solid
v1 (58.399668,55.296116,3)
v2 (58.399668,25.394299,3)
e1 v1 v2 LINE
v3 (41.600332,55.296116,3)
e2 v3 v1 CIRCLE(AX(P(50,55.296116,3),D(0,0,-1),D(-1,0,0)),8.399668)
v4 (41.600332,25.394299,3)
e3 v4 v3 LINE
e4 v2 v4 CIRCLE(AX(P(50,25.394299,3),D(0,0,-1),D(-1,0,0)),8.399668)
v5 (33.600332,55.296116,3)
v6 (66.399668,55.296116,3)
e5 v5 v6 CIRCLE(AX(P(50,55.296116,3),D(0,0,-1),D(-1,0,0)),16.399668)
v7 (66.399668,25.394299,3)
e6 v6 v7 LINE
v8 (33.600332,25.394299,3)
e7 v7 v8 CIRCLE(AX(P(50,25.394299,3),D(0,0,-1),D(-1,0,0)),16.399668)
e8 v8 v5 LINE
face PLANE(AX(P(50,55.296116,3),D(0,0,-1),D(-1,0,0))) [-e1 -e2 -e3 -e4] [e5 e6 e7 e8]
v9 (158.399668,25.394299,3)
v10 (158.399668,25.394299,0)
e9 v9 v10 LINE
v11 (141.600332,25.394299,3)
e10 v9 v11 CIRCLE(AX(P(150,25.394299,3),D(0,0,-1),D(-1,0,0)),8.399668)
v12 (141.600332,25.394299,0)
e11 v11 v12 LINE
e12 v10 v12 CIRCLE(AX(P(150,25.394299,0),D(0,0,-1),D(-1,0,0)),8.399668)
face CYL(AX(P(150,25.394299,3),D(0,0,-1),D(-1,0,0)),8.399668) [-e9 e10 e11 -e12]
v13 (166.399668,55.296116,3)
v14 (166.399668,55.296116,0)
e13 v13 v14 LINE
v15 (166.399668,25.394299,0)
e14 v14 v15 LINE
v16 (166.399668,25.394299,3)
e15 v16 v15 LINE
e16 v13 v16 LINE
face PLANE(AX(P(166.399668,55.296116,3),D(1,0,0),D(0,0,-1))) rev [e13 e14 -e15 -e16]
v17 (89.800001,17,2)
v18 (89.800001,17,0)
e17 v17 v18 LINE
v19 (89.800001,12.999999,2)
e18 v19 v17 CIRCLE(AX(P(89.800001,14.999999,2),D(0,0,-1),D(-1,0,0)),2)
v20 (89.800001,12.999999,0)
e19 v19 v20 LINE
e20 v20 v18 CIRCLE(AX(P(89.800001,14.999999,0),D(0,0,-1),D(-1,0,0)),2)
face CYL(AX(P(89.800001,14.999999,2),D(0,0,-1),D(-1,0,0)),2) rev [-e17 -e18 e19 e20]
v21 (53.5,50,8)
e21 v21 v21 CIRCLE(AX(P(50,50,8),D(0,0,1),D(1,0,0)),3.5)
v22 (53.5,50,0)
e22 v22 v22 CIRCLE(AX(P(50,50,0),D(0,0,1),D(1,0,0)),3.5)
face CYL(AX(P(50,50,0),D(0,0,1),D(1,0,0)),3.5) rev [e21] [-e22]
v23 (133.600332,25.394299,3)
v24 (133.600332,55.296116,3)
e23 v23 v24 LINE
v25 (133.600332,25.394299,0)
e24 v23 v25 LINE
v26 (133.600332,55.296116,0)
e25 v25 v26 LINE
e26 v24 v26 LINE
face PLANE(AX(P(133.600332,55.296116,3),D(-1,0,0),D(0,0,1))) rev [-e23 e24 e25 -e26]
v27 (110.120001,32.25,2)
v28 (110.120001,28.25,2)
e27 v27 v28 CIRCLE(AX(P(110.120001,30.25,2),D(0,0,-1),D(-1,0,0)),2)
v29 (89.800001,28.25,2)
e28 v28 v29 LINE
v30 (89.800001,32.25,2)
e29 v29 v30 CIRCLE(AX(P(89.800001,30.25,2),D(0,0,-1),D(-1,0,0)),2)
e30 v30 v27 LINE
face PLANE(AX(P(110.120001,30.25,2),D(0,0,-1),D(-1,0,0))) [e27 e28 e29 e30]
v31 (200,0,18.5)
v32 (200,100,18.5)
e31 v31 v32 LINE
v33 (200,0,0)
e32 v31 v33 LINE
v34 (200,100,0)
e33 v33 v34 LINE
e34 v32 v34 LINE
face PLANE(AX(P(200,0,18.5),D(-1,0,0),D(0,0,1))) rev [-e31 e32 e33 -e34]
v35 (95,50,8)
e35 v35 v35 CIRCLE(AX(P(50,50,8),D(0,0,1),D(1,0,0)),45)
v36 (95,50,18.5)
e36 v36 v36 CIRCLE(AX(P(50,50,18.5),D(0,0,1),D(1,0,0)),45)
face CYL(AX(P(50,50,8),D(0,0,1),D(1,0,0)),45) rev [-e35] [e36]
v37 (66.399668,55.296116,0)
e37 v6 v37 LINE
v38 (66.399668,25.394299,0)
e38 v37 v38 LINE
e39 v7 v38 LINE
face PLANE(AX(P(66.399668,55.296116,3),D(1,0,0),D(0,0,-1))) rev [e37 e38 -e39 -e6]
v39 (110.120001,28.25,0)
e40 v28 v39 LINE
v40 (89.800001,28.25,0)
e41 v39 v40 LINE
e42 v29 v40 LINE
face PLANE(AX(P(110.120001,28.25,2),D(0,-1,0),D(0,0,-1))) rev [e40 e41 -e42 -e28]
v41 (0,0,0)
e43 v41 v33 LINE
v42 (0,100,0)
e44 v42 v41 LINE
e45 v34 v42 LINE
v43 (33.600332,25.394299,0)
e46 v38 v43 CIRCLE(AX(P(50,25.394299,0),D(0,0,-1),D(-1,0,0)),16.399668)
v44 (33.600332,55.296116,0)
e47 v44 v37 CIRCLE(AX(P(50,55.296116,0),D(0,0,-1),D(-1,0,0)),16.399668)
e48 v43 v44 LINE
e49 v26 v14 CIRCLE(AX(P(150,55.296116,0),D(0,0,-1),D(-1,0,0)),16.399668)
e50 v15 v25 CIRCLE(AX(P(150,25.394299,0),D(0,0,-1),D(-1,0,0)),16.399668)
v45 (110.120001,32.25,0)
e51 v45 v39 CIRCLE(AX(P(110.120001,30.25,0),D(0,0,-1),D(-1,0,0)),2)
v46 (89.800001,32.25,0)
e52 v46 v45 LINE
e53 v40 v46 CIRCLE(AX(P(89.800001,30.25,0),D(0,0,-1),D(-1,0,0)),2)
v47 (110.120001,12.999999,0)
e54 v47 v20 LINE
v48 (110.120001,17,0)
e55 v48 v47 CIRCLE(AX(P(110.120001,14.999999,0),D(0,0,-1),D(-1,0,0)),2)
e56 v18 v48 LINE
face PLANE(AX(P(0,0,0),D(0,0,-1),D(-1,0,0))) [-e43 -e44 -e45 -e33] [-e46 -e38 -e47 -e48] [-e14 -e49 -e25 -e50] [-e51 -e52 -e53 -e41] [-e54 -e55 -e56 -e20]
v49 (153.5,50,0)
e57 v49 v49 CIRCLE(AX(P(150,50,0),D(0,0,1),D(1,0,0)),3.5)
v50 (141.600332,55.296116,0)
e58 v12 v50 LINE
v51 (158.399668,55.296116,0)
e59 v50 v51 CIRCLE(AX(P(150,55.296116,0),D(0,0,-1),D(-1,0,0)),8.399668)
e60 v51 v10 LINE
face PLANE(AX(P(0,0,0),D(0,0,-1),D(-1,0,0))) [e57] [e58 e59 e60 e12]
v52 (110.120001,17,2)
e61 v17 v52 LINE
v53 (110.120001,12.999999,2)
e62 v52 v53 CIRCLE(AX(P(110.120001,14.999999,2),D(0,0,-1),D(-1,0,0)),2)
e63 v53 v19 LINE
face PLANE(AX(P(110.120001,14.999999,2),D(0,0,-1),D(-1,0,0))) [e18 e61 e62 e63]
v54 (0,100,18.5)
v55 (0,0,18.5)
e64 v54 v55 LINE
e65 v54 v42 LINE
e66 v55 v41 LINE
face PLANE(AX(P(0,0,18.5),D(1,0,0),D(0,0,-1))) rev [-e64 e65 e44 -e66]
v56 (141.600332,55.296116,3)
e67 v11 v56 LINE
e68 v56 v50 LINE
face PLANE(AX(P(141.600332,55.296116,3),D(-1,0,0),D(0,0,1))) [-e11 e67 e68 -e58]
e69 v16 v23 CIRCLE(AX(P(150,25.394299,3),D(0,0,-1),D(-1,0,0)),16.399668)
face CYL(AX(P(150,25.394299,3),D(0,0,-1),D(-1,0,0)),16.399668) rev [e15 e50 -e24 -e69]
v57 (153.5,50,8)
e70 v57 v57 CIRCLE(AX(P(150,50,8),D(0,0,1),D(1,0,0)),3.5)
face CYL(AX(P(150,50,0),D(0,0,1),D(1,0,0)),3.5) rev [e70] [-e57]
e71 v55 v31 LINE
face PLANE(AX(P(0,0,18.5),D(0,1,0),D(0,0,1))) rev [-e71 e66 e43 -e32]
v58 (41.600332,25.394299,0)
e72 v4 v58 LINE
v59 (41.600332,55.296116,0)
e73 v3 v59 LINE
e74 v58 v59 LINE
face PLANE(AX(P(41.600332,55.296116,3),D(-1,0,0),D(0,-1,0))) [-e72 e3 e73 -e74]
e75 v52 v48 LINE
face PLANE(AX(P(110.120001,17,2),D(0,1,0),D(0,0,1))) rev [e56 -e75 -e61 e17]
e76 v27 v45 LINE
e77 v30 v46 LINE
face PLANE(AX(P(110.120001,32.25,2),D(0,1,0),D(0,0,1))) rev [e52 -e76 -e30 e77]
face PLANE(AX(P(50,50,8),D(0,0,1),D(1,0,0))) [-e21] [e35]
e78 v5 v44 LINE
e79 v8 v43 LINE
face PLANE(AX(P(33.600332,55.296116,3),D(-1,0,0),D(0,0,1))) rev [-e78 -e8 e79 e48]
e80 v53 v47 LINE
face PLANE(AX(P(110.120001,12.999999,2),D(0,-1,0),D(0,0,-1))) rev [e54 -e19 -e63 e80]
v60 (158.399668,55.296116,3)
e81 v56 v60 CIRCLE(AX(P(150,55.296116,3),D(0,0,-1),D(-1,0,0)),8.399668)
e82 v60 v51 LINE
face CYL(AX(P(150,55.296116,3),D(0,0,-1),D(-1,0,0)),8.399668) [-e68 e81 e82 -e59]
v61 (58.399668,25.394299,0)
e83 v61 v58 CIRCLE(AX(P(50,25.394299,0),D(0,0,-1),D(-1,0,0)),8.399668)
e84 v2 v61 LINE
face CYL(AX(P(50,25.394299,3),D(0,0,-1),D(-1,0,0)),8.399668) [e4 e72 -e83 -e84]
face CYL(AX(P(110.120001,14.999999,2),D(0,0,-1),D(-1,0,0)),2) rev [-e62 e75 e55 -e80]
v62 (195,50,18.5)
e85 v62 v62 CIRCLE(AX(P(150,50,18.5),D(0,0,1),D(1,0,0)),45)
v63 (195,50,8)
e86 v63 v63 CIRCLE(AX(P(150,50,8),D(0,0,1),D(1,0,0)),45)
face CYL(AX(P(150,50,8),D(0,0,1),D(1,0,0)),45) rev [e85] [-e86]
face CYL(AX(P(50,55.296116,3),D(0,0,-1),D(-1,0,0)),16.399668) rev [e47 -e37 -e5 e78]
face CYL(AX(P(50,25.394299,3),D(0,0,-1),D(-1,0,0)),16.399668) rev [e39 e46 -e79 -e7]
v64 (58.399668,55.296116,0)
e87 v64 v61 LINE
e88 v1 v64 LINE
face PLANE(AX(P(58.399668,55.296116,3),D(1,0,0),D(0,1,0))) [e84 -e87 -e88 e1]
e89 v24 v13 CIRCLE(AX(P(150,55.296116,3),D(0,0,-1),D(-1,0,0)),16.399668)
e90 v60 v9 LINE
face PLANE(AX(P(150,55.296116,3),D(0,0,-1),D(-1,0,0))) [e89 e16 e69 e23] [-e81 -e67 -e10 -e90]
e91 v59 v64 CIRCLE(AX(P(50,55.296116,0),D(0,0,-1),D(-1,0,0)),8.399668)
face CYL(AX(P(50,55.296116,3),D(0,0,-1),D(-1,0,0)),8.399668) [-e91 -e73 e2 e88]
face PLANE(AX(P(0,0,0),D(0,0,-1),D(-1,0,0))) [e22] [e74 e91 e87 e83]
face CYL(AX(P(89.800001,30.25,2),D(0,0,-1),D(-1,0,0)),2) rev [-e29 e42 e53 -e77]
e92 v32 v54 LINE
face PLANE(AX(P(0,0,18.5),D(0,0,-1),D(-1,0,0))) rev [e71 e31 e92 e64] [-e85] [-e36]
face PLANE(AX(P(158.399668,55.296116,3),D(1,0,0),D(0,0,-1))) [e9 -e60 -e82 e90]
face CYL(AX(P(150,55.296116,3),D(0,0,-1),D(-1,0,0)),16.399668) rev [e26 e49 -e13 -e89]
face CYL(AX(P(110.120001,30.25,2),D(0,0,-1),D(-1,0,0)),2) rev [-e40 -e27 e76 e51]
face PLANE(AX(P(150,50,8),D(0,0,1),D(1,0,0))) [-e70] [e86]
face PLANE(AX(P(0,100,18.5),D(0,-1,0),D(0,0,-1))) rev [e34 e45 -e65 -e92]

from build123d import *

# Parameters (mm, degrees)
SKETCH1_W           = 200
SKETCH1_H           = 100
BOSS_EXTRUDE1_DEPTH = 18.5
SKETCH2_R           = 45
CUT_EXTRUDE1_DEPTH  = 10.5
SKETCH3_R           = 3.5
CUT_EXTRUDE2_DEPTH  = 19.5
CUT_EXTRUDE4_DEPTH  = 3
CUT_EXTRUDE5_DEPTH  = 2


with BuildPart() as part:
    # Sketch1 → Boss-Extrude1 (new body)
    with BuildSketch(Plane.XY):
        with Locations((100, 50)):
            Rectangle(SKETCH1_W, SKETCH1_H)
    extrude(amount=BOSS_EXTRUDE1_DEPTH)

    # Sketch2 → Cut-Extrude1 (cut)
    with BuildSketch(Plane.XY.offset(18.5)):
        with Locations((50, 50)):
            Circle(SKETCH2_R)
        with Locations((150, 50)):
            Circle(SKETCH2_R)
    extrude(amount=-CUT_EXTRUDE1_DEPTH, mode=Mode.SUBTRACT)

    # Sketch3 → Cut-Extrude2 (cut, through all)
    with BuildSketch(Plane.XY.offset(18.5)):
        with Locations((50, 50)):
            Circle(SKETCH3_R)
        with Locations((150, 50)):
            Circle(SKETCH3_R)
    extrude(amount=-CUT_EXTRUDE2_DEPTH, mode=Mode.SUBTRACT)

    # Sketch4 → Cut-Extrude4 (cut)
    with BuildSketch(Plane(origin=(0, 0, 0), x_dir=(-1, 0, 0), z_dir=(0, 0, -1))):
        with BuildLine():
            Line((-133.600331897, 55.296115572), (-133.600331897, 25.39429873))
            ThreePointArc((-133.600331897, 25.39429873), (-150, 8.994630628), (-166.399668103, 25.39429873))
            Line((-166.399668103, 25.39429873), (-166.399668103, 55.296115572))
            ThreePointArc((-166.399668103, 55.296115572), (-150, 71.695783675), (-133.600331897, 55.296115572))
        make_face()
        with BuildLine():
            Line((-141.600331897, 55.296115572), (-141.600331897, 25.39429873))
            ThreePointArc((-141.600331897, 25.39429873), (-150, 16.994630628), (-158.399668103, 25.39429873))
            Line((-158.399668103, 25.39429873), (-158.399668103, 55.296115572))
            ThreePointArc((-158.399668103, 55.296115572), (-150, 63.695783675), (-141.600331897, 55.296115572))
        make_face(mode=Mode.SUBTRACT)
        with BuildLine():
            Line((-33.600331897, 55.296115572), (-33.600331897, 25.39429873))
            ThreePointArc((-33.600331897, 25.39429873), (-50, 8.994630628), (-66.399668103, 25.39429873))
            Line((-66.399668103, 25.39429873), (-66.399668103, 55.296115572))
            ThreePointArc((-66.399668103, 55.296115572), (-50, 71.695783675), (-33.600331897, 55.296115572))
        make_face()
        with BuildLine():
            Line((-41.600331897, 55.296115572), (-41.600331897, 25.39429873))
            ThreePointArc((-41.600331897, 25.39429873), (-50, 16.994630628), (-58.399668103, 25.39429873))
            Line((-58.399668103, 25.39429873), (-58.399668103, 55.296115572))
            ThreePointArc((-58.399668103, 55.296115572), (-50, 63.695783675), (-41.600331897, 55.296115572))
        make_face(mode=Mode.SUBTRACT)
    extrude(amount=-CUT_EXTRUDE4_DEPTH, mode=Mode.SUBTRACT)

    # Sketch5 → Cut-Extrude5 (cut)
    with BuildSketch(Plane(origin=(0, 0, 0), x_dir=(-1, 0, 0), z_dir=(0, 0, -1))):
        with BuildLine():
            Line((-110.1200005, 32.2499995), (-89.8000005, 32.2499995))
            ThreePointArc((-89.8000005, 32.2499995), (-87.8000005, 30.2499995), (-89.8000005, 28.2499995))
            Line((-89.8000005, 28.2499995), (-110.1200005, 28.2499995))
            ThreePointArc((-110.1200005, 28.2499995), (-112.1200005, 30.2499995), (-110.1200005, 32.2499995))
        make_face()
        with BuildLine():
            Line((-110.1200005, 16.9999995), (-89.8000005, 16.9999995))
            ThreePointArc((-89.8000005, 16.9999995), (-87.8000005, 14.9999995), (-89.8000005, 12.9999995))
            Line((-89.8000005, 12.9999995), (-110.1200005, 12.9999995))
            ThreePointArc((-110.1200005, 12.9999995), (-112.1200005, 14.9999995), (-110.1200005, 16.9999995))
        make_face()
    extrude(amount=-CUT_EXTRUDE5_DEPTH, mode=Mode.SUBTRACT)


solid = part.part
